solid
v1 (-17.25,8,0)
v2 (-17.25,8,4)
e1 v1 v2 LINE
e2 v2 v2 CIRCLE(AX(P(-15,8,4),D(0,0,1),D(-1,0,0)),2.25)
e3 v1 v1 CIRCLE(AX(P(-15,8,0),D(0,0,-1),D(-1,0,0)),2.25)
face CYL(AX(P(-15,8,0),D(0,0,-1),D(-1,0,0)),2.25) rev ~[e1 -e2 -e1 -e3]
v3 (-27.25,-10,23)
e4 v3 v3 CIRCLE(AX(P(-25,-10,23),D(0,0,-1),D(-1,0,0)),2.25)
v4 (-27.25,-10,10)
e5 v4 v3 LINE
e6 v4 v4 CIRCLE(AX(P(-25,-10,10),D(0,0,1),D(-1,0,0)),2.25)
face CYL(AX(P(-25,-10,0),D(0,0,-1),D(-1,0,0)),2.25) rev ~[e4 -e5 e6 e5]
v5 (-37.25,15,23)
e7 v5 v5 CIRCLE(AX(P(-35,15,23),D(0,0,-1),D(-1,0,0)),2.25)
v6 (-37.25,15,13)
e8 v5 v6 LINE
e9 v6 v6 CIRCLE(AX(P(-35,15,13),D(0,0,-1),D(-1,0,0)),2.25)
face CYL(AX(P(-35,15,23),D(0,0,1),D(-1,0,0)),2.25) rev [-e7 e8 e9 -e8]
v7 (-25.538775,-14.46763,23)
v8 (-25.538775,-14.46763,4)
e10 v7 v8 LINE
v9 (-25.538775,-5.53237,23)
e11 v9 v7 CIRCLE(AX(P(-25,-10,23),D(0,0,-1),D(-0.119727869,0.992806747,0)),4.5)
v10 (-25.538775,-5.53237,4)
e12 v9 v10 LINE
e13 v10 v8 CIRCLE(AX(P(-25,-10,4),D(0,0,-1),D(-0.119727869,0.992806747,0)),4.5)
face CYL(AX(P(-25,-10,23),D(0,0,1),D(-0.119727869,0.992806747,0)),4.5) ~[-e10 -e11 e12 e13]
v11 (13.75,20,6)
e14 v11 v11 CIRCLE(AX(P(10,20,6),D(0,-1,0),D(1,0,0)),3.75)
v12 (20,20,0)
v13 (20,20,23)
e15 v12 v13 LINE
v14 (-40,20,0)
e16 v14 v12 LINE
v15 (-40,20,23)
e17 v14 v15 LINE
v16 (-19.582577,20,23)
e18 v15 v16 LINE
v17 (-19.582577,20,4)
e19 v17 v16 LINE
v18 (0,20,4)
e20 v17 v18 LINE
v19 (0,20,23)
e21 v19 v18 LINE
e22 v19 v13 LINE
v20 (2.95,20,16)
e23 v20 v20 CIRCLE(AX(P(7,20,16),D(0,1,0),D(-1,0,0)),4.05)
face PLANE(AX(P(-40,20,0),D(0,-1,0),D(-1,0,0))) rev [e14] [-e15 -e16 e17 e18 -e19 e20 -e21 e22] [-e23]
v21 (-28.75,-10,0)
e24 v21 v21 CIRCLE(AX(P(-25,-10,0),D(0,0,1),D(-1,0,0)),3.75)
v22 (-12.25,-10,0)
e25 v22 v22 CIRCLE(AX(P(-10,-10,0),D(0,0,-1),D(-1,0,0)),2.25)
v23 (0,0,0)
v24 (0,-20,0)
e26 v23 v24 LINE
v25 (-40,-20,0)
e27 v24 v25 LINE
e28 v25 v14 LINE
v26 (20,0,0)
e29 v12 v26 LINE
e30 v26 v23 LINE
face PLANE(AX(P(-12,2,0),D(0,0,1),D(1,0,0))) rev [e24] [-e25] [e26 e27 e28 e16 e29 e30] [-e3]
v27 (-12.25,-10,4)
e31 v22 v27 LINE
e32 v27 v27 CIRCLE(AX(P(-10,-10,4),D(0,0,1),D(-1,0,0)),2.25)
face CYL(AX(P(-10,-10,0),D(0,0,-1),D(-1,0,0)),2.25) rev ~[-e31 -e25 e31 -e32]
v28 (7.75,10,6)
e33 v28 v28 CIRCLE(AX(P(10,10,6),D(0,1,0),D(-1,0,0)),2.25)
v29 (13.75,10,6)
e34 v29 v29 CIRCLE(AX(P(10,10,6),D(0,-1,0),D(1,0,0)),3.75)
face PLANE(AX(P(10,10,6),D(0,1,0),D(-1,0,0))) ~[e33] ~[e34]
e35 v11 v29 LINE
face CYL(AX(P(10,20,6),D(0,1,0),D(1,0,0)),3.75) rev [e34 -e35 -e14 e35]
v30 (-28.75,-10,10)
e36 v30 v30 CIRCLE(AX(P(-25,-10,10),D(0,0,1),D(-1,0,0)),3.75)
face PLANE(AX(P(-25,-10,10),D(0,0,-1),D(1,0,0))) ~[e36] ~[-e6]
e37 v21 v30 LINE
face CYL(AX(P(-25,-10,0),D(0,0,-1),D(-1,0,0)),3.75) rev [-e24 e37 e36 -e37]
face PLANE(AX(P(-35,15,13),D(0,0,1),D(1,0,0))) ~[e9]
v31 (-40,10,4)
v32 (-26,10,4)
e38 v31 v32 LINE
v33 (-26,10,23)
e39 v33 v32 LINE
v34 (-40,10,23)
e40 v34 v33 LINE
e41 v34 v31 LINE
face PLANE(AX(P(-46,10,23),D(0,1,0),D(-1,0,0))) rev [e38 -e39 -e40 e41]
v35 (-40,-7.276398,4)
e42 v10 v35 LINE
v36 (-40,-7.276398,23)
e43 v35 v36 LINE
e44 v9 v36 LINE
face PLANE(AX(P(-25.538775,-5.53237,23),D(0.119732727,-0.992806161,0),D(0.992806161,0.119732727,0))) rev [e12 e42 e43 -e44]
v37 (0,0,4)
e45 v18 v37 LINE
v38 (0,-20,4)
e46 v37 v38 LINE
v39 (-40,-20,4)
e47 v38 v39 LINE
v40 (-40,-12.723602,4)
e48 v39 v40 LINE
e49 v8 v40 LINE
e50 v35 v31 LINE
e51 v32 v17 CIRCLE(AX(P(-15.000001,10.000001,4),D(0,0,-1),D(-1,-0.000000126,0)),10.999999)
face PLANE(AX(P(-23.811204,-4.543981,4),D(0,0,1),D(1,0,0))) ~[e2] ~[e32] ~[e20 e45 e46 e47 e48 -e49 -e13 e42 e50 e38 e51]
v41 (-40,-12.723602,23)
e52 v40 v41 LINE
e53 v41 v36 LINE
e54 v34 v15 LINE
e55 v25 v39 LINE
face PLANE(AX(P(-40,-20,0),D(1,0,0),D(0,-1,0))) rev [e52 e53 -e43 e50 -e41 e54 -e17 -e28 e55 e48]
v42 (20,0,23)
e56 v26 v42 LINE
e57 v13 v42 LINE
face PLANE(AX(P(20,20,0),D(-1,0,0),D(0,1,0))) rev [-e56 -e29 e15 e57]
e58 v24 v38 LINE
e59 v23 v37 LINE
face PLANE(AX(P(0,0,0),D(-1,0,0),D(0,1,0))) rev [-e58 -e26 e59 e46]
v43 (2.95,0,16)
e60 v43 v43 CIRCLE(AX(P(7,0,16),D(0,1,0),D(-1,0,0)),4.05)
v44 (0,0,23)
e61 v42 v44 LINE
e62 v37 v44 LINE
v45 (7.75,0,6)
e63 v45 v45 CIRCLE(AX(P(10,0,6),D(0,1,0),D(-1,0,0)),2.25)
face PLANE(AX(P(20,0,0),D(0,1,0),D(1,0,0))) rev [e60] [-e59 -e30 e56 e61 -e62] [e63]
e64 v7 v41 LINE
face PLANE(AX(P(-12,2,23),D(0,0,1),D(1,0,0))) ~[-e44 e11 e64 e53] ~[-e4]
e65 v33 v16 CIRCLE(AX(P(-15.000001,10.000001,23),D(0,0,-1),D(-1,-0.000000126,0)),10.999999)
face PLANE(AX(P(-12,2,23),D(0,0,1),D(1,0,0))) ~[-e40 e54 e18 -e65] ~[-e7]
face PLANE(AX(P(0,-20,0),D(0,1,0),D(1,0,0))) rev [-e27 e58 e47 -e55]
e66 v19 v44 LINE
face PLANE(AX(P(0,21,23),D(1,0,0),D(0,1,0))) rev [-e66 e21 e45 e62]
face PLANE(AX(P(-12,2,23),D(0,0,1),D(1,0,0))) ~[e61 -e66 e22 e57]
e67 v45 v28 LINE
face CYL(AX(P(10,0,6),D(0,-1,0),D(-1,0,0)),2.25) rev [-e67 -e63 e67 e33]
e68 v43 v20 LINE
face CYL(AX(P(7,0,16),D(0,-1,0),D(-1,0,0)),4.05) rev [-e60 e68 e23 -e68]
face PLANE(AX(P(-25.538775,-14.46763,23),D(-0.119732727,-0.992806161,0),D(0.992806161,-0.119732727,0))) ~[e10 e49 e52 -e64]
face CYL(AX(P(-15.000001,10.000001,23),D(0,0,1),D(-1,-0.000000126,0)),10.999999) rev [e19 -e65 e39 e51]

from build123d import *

# Parameters (mm, degrees)
SKETCH_R        = 2.25
PAD_DEPTH       = 23
POCKET_DEPTH    = 19
SKETCH002_R     = 4.05
SKETCH002_R_2   = 2.25
POCKET001_DEPTH = 20.001
SKETCH003_R     = 2.25
POCKET002_DEPTH = 10
SKETCH004_R     = 3.75
POCKET003_DEPTH = 10
SKETCH005_R     = 3.75
POCKET004_DEPTH = 10


with BuildPart() as pocket004:
    # Sketch → Pad (new body)
    with BuildSketch(Plane.XY):
        Polygon((0, -20), (40, -20), (40, 20), (-20, 20), (-20, 0), (0, 0), align=None)
        with Locations((15, 8)):
            Circle(SKETCH_R, mode=Mode.SUBTRACT)
        with Locations((10, -10)):
            Circle(SKETCH_R, mode=Mode.SUBTRACT)
        with Locations((25, -10)):
            Circle(SKETCH_R, mode=Mode.SUBTRACT)
    extrude(amount=PAD_DEPTH)

    # Sketch001 → Pocket (cut)
    with BuildSketch(Plane.XY.offset(23)):
        with BuildLine():
            Line((46, 10), (26, 10))
            ThreePointArc((26, 10), (22.778175, 17.778175), (15, 21))
            Line((15, 21), (0, 21))
            Line((0, 21), (0, -23))
            Line((0, -23), (46, -23))
            Line((46, -23), (46, -12))
            Line((25.538775, -14.46763), (46, -12))
            ThreePointArc((25.538775, -5.53237), (20.5, -10), (25.538775, -14.46763))
            Line((25.538775, -5.53237), (46, -8))
            Line((46, -8), (46, 10))
        make_face()
    extrude(amount=-POCKET_DEPTH, mode=Mode.SUBTRACT)

    # Sketch002 → Pocket001 (cut, through all)
    with BuildSketch(Plane.XZ):
        with Locations((-7, 16)):
            Circle(SKETCH002_R)
        with Locations((-10, 6)):
            Circle(SKETCH002_R_2)
    extrude(amount=-POCKET001_DEPTH, mode=Mode.SUBTRACT)

    # Sketch003 → Pocket002 (cut)
    with BuildSketch(Plane.XY.offset(23)):
        with Locations((35, 15)):
            Circle(SKETCH003_R)
    extrude(amount=-POCKET002_DEPTH, mode=Mode.SUBTRACT)

    # Sketch004 → Pocket003 (cut)
    with BuildSketch(Plane(origin=(0, 20, 0), x_dir=(-1, 0, 0), z_dir=(0, 1, 0))):
        with Locations((10, 6)):
            Circle(SKETCH004_R)
    extrude(amount=-POCKET003_DEPTH, mode=Mode.SUBTRACT)

    # Sketch005 → Pocket004 (cut)
    with BuildSketch(Plane(origin=(0, 0, 0), x_dir=(1, 0, 0), z_dir=(0, 0, -1))):
        with Locations((25, 10)):
            Circle(SKETCH005_R)
    extrude(amount=-POCKET004_DEPTH, mode=Mode.SUBTRACT)


with BuildPart() as part_mirroring:
    # Part__Mirroring: instance of Pocket004
    add(pocket004.part.mirror(Plane(origin=(0, 0, 0), x_dir=(0, -1, 0), z_dir=(1, 0, 0))))


solid = part_mirroring.part
